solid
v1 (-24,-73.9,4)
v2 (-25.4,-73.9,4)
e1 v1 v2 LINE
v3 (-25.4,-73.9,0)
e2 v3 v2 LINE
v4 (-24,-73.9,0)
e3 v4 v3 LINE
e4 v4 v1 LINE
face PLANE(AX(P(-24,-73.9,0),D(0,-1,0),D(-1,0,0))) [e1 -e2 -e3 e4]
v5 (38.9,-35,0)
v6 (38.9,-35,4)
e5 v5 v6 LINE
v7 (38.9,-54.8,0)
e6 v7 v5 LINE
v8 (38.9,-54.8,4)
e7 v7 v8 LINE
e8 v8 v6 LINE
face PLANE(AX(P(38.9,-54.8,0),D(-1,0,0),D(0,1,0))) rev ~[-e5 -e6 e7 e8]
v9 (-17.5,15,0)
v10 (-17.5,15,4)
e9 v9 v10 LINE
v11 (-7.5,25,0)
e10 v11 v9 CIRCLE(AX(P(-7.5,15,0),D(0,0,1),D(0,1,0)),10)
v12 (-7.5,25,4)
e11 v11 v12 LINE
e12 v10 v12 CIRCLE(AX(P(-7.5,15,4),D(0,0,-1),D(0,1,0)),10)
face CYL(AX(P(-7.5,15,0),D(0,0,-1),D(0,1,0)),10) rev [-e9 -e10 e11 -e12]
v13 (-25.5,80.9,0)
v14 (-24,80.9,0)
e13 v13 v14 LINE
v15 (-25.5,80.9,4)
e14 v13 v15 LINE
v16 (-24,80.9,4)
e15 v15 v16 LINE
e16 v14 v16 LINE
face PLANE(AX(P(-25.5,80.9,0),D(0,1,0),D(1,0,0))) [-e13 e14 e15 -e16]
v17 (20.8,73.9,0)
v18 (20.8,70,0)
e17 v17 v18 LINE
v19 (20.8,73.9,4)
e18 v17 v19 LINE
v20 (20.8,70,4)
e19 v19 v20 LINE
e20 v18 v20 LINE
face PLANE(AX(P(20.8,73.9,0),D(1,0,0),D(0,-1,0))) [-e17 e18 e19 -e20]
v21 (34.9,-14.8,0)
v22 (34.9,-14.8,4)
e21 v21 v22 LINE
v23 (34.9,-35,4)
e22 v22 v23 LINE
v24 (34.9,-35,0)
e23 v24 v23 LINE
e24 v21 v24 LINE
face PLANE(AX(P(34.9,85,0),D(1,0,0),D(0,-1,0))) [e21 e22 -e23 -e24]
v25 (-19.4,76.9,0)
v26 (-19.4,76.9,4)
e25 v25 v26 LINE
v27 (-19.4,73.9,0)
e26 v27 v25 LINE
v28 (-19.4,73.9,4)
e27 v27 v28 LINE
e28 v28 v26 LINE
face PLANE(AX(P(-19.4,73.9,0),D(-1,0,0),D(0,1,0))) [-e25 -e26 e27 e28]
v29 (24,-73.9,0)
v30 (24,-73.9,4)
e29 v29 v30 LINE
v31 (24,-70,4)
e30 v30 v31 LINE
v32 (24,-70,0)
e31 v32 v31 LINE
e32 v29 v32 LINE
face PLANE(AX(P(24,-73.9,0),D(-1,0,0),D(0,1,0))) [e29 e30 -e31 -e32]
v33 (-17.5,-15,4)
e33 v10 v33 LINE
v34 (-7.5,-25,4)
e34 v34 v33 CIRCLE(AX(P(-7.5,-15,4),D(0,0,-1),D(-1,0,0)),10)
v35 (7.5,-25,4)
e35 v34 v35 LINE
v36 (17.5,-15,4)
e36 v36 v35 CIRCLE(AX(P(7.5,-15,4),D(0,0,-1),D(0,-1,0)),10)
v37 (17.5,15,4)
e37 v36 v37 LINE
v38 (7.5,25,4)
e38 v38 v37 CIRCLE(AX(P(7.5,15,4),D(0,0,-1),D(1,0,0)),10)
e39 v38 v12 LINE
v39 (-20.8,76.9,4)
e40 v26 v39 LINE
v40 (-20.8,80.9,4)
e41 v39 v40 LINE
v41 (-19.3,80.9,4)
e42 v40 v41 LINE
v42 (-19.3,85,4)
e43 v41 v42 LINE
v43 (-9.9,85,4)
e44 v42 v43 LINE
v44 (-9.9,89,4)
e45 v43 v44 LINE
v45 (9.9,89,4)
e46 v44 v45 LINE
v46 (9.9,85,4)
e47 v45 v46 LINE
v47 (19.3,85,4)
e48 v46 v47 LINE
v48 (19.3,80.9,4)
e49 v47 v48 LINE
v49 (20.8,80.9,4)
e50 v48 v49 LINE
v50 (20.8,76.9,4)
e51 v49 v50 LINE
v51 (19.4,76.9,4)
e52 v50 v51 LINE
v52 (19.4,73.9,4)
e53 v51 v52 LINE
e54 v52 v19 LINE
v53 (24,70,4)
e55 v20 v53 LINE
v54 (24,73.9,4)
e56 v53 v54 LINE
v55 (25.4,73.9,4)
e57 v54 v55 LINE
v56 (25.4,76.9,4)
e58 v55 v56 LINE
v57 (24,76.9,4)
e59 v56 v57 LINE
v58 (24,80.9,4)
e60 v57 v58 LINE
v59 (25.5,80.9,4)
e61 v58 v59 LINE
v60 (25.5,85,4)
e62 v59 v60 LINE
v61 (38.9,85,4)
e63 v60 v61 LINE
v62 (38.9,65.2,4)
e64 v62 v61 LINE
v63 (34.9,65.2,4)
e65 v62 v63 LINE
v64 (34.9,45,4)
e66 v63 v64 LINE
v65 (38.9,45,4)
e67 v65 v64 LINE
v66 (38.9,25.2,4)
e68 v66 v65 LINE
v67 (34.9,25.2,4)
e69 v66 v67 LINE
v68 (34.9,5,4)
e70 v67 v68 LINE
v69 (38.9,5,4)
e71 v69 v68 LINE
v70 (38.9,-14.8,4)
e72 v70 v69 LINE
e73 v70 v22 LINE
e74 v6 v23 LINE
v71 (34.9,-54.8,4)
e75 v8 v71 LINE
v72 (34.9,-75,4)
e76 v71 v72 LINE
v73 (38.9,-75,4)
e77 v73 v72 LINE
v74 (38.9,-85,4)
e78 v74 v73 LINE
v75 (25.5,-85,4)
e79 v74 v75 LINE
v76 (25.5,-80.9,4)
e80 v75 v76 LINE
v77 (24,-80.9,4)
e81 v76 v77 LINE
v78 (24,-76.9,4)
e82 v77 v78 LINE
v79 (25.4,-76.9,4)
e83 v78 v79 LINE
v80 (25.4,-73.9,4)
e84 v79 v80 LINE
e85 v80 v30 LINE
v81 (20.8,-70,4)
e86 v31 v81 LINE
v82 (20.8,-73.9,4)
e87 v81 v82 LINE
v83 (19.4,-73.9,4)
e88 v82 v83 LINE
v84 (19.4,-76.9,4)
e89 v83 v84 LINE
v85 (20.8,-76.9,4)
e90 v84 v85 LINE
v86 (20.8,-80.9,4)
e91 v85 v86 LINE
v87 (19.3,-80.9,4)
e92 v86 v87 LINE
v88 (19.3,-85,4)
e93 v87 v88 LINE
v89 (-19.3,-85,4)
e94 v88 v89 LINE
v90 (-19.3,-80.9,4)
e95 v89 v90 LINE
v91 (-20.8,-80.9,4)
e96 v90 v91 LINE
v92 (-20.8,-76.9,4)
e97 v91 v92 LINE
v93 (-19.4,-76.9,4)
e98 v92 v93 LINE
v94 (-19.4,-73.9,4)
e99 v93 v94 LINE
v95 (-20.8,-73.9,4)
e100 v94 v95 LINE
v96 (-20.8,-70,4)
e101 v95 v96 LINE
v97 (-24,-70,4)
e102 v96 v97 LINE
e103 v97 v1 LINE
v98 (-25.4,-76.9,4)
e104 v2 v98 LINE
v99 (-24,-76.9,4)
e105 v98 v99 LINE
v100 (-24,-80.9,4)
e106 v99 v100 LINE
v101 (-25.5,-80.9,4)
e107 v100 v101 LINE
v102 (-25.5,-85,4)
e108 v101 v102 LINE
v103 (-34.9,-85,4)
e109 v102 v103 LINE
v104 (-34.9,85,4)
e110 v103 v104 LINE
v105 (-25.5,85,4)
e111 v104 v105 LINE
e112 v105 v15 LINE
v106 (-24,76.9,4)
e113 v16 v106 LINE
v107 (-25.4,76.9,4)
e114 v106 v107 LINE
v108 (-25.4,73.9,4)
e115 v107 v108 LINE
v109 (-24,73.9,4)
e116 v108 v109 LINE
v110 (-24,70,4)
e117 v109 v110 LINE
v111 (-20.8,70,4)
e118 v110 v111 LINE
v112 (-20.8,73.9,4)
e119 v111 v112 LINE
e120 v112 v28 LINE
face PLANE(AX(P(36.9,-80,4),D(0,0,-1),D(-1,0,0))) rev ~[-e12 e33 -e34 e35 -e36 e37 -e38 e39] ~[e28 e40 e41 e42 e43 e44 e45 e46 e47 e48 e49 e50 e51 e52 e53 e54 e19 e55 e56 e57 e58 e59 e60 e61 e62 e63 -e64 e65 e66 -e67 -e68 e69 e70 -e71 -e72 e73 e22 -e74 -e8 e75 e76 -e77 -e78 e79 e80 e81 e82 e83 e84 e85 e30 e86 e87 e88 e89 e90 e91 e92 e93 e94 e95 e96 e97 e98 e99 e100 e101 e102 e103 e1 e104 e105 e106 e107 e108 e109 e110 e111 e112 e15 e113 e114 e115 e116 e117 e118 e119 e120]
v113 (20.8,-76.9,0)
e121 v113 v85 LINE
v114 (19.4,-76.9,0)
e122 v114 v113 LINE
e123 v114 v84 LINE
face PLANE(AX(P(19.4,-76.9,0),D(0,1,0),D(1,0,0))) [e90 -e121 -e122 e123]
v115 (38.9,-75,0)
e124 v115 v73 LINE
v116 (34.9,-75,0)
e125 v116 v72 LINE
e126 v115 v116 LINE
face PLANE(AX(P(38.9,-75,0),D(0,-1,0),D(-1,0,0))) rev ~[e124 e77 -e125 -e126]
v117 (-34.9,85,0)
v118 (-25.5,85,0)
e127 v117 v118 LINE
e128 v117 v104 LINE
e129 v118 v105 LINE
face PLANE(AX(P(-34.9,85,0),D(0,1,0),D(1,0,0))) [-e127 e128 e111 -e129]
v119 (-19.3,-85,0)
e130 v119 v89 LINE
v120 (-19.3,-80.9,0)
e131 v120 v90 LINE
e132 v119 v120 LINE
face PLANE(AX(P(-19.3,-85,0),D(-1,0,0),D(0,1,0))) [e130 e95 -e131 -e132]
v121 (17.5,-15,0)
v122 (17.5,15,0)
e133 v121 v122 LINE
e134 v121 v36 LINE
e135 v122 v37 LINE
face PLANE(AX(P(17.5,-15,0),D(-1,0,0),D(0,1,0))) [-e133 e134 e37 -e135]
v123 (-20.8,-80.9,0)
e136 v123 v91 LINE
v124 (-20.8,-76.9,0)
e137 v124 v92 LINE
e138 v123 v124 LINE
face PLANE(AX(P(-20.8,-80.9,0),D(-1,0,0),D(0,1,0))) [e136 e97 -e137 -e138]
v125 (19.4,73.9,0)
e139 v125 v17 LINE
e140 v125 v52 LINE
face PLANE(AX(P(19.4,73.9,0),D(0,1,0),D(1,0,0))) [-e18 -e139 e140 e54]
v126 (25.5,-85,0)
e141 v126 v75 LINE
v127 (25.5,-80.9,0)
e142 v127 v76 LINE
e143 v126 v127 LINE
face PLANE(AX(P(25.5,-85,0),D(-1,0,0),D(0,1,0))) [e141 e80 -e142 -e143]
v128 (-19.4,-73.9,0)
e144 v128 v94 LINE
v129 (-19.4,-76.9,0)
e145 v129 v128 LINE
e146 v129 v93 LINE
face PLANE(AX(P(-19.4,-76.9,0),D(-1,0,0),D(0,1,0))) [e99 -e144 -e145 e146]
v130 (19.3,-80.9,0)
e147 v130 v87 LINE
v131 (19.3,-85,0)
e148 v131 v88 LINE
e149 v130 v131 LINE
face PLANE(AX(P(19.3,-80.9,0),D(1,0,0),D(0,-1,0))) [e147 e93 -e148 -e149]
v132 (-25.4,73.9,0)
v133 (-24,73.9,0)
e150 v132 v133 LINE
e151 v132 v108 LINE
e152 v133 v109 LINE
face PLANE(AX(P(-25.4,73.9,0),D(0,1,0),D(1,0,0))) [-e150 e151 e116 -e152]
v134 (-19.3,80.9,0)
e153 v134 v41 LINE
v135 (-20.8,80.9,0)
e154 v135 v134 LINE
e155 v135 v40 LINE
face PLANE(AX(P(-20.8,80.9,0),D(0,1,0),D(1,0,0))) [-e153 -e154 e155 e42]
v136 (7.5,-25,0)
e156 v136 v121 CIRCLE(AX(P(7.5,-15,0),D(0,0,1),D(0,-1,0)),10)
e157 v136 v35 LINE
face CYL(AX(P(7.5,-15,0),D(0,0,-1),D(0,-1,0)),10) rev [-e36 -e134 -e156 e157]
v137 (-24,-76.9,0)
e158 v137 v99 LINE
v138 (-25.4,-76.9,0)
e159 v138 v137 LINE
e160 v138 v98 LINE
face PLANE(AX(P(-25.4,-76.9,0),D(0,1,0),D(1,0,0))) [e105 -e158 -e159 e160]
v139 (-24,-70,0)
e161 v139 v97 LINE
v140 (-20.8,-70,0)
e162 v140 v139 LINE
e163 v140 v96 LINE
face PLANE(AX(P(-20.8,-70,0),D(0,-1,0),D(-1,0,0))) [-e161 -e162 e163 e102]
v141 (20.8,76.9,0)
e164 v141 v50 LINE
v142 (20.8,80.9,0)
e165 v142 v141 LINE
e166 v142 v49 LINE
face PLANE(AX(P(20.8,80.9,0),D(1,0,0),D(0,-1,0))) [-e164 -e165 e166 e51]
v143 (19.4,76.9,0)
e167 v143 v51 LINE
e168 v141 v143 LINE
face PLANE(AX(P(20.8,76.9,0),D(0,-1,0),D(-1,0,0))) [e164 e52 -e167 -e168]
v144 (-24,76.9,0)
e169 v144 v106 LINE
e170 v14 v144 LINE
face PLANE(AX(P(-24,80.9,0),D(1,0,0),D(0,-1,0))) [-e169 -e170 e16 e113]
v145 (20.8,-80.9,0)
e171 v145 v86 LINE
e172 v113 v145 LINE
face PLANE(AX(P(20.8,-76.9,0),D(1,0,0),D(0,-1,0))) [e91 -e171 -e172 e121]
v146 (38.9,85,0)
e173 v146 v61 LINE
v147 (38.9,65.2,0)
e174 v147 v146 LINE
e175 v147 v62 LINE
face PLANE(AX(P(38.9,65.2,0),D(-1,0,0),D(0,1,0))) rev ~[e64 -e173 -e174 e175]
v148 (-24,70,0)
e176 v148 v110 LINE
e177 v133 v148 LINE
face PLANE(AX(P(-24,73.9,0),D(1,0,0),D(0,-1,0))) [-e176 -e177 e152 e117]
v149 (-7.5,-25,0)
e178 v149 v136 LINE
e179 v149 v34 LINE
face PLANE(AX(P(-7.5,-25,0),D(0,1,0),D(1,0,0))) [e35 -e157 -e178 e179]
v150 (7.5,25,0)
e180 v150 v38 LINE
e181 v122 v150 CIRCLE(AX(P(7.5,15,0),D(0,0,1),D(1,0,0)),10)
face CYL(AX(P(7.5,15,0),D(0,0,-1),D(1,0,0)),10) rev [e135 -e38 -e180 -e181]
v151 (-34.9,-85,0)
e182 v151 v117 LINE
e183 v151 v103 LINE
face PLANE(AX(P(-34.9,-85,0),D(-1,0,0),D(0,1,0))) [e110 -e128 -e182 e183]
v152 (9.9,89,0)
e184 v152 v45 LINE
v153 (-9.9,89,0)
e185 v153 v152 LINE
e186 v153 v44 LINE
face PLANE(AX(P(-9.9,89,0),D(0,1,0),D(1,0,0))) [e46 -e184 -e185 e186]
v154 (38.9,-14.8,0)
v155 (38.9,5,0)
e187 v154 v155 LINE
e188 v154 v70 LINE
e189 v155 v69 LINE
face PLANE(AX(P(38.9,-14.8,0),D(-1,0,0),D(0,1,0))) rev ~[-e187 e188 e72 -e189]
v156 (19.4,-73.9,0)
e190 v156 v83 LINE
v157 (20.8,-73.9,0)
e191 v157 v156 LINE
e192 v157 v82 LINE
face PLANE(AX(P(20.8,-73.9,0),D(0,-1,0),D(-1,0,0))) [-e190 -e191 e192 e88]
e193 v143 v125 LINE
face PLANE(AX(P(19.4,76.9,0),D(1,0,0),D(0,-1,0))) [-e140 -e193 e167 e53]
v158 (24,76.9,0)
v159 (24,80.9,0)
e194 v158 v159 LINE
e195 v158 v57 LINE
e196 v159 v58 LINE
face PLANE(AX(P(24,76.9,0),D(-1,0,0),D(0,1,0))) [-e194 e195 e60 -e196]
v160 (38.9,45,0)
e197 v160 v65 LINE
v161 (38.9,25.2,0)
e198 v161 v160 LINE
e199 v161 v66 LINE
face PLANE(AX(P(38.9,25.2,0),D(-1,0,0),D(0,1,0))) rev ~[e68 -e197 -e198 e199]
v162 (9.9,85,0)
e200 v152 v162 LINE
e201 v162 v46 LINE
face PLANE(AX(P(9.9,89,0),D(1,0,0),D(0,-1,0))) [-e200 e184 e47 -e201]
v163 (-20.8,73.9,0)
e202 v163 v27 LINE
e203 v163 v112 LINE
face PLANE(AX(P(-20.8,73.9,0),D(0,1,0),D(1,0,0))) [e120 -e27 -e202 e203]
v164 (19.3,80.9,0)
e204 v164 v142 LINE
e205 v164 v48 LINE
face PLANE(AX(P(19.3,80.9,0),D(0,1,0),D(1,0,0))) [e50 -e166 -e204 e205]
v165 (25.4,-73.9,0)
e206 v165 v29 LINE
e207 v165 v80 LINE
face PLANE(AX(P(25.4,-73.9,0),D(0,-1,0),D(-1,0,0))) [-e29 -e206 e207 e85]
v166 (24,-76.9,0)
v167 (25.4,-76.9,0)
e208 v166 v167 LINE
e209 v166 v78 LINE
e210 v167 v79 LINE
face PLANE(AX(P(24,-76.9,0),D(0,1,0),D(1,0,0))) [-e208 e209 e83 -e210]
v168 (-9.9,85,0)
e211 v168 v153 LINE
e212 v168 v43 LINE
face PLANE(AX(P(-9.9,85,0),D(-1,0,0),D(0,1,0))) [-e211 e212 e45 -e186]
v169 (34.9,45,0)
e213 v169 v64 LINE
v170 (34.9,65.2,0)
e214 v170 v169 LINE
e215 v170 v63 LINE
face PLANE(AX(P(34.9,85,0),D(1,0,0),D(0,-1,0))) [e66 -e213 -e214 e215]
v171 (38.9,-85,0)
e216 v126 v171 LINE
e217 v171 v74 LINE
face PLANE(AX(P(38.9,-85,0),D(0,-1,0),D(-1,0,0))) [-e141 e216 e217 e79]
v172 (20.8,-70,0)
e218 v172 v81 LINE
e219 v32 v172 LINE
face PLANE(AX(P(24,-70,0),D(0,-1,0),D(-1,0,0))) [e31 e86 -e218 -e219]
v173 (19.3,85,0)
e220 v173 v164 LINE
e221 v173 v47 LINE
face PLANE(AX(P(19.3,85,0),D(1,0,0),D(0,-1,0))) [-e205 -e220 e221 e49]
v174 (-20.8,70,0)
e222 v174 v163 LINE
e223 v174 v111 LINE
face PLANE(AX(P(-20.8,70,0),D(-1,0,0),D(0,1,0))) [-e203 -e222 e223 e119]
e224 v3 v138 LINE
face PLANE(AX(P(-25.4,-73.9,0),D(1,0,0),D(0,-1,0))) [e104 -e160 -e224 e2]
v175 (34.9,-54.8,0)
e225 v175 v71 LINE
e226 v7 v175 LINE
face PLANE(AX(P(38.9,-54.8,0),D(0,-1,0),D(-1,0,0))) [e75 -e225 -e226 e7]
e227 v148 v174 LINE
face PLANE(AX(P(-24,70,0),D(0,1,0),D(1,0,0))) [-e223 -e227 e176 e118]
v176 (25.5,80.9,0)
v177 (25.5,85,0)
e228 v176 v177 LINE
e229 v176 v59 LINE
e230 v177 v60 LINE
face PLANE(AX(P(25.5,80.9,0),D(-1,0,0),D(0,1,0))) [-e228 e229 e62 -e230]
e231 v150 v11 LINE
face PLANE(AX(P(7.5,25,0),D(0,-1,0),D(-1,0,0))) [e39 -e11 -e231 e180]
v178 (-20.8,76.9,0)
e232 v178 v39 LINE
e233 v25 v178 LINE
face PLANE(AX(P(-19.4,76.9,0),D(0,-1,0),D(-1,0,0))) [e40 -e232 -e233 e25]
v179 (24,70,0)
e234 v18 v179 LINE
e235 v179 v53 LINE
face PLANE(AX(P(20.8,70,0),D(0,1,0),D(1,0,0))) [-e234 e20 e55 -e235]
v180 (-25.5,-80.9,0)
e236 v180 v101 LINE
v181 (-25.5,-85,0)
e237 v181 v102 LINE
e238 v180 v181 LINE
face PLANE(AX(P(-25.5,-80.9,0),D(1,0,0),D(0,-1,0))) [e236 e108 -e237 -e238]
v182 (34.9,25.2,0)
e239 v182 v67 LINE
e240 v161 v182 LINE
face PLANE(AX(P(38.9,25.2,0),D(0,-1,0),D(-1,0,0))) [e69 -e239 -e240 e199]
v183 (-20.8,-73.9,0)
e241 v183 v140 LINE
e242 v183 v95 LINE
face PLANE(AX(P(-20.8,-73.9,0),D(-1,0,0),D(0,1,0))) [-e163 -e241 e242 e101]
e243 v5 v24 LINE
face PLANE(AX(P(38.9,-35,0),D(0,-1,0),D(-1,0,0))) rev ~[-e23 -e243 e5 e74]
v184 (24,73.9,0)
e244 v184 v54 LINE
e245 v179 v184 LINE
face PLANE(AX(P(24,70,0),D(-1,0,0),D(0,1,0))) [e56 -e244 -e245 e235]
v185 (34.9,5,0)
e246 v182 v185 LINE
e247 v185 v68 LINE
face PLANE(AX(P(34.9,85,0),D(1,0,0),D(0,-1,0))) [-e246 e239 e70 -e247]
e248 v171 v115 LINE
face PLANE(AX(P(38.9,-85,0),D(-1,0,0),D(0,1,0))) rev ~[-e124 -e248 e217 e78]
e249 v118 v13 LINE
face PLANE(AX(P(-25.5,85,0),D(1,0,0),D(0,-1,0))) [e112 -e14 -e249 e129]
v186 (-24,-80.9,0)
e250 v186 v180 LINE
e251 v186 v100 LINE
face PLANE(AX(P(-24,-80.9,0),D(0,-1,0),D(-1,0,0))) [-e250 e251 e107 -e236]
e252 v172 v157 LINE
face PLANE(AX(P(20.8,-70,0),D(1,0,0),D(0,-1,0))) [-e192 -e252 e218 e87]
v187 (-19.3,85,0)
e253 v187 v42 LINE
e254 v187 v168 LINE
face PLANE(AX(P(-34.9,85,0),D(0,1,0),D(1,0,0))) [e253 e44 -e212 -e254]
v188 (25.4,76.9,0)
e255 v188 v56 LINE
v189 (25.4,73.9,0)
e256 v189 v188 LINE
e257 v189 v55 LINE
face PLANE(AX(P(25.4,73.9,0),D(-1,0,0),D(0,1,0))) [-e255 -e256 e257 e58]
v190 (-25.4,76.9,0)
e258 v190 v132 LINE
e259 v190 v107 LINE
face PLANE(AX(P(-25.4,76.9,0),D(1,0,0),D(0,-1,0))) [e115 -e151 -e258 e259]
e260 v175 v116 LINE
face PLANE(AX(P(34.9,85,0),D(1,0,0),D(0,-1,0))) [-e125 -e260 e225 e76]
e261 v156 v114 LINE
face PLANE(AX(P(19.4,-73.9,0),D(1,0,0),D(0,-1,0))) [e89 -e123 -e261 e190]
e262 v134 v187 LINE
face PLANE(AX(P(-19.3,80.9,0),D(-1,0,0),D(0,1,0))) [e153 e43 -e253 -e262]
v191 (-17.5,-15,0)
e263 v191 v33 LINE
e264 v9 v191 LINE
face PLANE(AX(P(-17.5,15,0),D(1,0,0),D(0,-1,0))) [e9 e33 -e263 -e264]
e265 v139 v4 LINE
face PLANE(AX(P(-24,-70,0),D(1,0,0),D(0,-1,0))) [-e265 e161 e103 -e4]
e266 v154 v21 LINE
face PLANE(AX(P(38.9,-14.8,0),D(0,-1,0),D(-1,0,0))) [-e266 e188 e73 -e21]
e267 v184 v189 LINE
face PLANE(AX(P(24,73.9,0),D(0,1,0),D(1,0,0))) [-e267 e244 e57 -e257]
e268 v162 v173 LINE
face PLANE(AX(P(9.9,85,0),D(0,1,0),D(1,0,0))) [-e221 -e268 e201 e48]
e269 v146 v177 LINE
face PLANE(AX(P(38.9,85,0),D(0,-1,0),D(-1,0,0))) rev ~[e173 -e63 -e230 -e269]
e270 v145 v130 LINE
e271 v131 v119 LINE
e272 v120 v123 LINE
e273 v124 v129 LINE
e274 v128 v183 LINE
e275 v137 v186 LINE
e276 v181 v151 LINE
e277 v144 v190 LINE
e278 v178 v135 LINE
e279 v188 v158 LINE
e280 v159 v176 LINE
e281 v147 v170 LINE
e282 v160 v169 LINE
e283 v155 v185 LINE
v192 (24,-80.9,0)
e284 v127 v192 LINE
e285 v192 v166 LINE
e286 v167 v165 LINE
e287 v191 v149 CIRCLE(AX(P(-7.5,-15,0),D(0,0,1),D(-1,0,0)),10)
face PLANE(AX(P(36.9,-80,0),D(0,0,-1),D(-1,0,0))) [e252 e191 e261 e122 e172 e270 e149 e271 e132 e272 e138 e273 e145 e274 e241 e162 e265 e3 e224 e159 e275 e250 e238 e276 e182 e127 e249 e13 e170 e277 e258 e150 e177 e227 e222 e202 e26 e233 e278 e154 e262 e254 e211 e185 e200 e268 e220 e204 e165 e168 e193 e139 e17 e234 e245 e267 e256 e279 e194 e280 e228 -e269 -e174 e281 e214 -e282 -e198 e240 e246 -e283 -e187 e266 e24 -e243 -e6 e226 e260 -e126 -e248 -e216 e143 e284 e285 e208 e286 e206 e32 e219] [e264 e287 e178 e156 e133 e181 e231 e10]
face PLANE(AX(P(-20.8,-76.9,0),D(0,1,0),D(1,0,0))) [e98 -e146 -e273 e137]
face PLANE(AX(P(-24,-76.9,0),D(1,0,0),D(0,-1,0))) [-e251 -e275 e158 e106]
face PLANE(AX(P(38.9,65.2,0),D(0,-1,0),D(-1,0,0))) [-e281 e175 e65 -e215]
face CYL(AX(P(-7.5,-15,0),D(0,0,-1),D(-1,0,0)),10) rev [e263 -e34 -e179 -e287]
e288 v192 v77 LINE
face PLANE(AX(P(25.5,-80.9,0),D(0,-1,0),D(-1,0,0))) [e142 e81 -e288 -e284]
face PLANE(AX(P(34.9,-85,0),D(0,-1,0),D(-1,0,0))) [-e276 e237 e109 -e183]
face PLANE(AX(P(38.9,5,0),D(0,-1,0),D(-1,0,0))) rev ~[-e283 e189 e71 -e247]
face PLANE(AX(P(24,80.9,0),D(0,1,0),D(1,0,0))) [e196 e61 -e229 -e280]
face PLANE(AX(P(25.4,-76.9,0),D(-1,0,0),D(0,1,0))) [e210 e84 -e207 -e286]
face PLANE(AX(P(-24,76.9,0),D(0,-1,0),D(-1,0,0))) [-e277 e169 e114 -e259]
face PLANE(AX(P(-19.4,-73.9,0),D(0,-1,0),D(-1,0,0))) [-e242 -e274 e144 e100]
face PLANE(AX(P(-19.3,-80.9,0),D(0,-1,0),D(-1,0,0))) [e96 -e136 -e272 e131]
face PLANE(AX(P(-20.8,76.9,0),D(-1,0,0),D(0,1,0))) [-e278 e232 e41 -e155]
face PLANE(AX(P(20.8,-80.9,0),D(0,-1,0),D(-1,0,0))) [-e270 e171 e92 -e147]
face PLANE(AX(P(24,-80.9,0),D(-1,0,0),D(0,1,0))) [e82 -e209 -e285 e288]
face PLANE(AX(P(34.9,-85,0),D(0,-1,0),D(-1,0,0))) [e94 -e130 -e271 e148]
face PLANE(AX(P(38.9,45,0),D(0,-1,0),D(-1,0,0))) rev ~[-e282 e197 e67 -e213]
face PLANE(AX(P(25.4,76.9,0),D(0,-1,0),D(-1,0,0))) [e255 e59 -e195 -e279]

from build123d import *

# Parameters (mm, degrees)
BOSS_EXTRUDE1_DEPTH = 4
CUT_EXTRUDE1_DEPTH  = 96.681816454
SKETCH4_W           = 4
SKETCH4_H           = 19.8
BOSS_EXTRUDE2_DEPTH = 4
SKETCH5_W           = 4
SKETCH5_H           = 10
BOSS_EXTRUDE3_DEPTH = 4
CUT_EXTRUDE2_DEPTH  = 98.212190594


with BuildPart() as part:
    # Sketch1 → Boss-Extrude1 (new body)
    with BuildSketch(Plane.XY):
        Polygon((-9.9, 85), (-9.9, 89), (9.9, 89), (9.9, 85), (34.9, 85), (34.9, -85), (-34.9, -85), (-34.9, 85), align=None)
    extrude(amount=BOSS_EXTRUDE1_DEPTH)

    # Sketch3 → Cut-Extrude1 (cut, through all)
    with BuildSketch(Plane(origin=(0, 0, 0), x_dir=(-1, 0, 0), z_dir=(0, 0, -1))):
        Polygon((25.5, 85), (25.5, 80.9), (24, 80.9), (24, 76.9), (25.4, 76.9), (25.4, 73.9), (24, 73.9), (24, 70), (20.8, 70), (20.8, 73.9), (19.4, 73.9), (19.4, 76.9), (20.8, 76.9), (20.8, 80.9), (19.3, 80.9), (19.3, 85), align=None)
        Polygon((-19.3, 85), (-19.3, 80.9), (-20.8, 80.9), (-20.8, 76.9), (-19.4, 76.9), (-19.4, 73.9), (-20.8, 73.9), (-20.8, 70), (-24, 70), (-24, 73.9), (-25.4, 73.9), (-25.4, 76.9), (-24, 76.9), (-24, 80.9), (-25.5, 80.9), (-25.5, 85), align=None)
        Polygon((-25.5, -85), (-25.5, -80.9), (-24, -80.9), (-24, -76.9), (-25.4, -76.9), (-25.4, -73.9), (-24, -73.9), (-24, -70), (-20.8, -70), (-20.8, -73.9), (-19.4, -73.9), (-19.4, -76.9), (-20.8, -76.9), (-20.8, -80.9), (-19.3, -80.9), (-19.3, -85), align=None)
        Polygon((19.3, -85), (19.3, -80.9), (20.8, -80.9), (20.8, -76.9), (19.4, -76.9), (19.4, -73.9), (20.8, -73.9), (20.8, -70), (24, -70), (24, -73.9), (25.4, -73.9), (25.4, -76.9), (24, -76.9), (24, -80.9), (25.5, -80.9), (25.5, -85), align=None)
    extrude(amount=-CUT_EXTRUDE1_DEPTH, mode=Mode.SUBTRACT)

    # Sketch4 → Boss-Extrude2 (add)
    with BuildSketch(Plane(origin=(0, 0, 0), x_dir=(-1, 0, 0), z_dir=(0, 0, -1))):
        with Locations((-36.9, 35.1)):
            Rectangle(SKETCH4_W, SKETCH4_H)
        with Locations((-36.9, 75.1)):
            Rectangle(SKETCH4_W, SKETCH4_H)
        with Locations((-36.9, -4.9)):
            Rectangle(SKETCH4_W, SKETCH4_H)
        with Locations((-36.9, -44.9)):
            Rectangle(SKETCH4_W, SKETCH4_H)
    extrude(amount=-BOSS_EXTRUDE2_DEPTH)

    # Sketch5 → Boss-Extrude3 (add)
    with BuildSketch(Plane(origin=(0, 0, 0), x_dir=(-1, 0, 0), z_dir=(0, 0, -1))):
        with Locations((-36.9, -80)):
            Rectangle(SKETCH5_W, SKETCH5_H)
    extrude(amount=-BOSS_EXTRUDE3_DEPTH)

    # Sketch6 → Cut-Extrude2 (cut, through all)
    with BuildSketch(Plane(origin=(0, 0, 0), x_dir=(-1, 0, 0), z_dir=(0, 0, -1))):
        with BuildLine():
            Line((-7.5, 25), (7.5, 25))
            ThreePointArc((7.5, 25), (14.571067812, 22.071067812), (17.5, 15))
            Line((17.5, 15), (17.5, -15))
            ThreePointArc((17.5, -15), (14.571067812, -22.071067812), (7.5, -25))
            Line((7.5, -25), (-7.5, -25))
            ThreePointArc((-7.5, -25), (-14.571067812, -22.071067812), (-17.5, -15))
            Line((-17.5, -15), (-17.5, 15))
            ThreePointArc((-17.5, 15), (-14.571067812, 22.071067812), (-7.5, 25))
        make_face()
    extrude(amount=-CUT_EXTRUDE2_DEPTH, mode=Mode.SUBTRACT)


solid = part.part
